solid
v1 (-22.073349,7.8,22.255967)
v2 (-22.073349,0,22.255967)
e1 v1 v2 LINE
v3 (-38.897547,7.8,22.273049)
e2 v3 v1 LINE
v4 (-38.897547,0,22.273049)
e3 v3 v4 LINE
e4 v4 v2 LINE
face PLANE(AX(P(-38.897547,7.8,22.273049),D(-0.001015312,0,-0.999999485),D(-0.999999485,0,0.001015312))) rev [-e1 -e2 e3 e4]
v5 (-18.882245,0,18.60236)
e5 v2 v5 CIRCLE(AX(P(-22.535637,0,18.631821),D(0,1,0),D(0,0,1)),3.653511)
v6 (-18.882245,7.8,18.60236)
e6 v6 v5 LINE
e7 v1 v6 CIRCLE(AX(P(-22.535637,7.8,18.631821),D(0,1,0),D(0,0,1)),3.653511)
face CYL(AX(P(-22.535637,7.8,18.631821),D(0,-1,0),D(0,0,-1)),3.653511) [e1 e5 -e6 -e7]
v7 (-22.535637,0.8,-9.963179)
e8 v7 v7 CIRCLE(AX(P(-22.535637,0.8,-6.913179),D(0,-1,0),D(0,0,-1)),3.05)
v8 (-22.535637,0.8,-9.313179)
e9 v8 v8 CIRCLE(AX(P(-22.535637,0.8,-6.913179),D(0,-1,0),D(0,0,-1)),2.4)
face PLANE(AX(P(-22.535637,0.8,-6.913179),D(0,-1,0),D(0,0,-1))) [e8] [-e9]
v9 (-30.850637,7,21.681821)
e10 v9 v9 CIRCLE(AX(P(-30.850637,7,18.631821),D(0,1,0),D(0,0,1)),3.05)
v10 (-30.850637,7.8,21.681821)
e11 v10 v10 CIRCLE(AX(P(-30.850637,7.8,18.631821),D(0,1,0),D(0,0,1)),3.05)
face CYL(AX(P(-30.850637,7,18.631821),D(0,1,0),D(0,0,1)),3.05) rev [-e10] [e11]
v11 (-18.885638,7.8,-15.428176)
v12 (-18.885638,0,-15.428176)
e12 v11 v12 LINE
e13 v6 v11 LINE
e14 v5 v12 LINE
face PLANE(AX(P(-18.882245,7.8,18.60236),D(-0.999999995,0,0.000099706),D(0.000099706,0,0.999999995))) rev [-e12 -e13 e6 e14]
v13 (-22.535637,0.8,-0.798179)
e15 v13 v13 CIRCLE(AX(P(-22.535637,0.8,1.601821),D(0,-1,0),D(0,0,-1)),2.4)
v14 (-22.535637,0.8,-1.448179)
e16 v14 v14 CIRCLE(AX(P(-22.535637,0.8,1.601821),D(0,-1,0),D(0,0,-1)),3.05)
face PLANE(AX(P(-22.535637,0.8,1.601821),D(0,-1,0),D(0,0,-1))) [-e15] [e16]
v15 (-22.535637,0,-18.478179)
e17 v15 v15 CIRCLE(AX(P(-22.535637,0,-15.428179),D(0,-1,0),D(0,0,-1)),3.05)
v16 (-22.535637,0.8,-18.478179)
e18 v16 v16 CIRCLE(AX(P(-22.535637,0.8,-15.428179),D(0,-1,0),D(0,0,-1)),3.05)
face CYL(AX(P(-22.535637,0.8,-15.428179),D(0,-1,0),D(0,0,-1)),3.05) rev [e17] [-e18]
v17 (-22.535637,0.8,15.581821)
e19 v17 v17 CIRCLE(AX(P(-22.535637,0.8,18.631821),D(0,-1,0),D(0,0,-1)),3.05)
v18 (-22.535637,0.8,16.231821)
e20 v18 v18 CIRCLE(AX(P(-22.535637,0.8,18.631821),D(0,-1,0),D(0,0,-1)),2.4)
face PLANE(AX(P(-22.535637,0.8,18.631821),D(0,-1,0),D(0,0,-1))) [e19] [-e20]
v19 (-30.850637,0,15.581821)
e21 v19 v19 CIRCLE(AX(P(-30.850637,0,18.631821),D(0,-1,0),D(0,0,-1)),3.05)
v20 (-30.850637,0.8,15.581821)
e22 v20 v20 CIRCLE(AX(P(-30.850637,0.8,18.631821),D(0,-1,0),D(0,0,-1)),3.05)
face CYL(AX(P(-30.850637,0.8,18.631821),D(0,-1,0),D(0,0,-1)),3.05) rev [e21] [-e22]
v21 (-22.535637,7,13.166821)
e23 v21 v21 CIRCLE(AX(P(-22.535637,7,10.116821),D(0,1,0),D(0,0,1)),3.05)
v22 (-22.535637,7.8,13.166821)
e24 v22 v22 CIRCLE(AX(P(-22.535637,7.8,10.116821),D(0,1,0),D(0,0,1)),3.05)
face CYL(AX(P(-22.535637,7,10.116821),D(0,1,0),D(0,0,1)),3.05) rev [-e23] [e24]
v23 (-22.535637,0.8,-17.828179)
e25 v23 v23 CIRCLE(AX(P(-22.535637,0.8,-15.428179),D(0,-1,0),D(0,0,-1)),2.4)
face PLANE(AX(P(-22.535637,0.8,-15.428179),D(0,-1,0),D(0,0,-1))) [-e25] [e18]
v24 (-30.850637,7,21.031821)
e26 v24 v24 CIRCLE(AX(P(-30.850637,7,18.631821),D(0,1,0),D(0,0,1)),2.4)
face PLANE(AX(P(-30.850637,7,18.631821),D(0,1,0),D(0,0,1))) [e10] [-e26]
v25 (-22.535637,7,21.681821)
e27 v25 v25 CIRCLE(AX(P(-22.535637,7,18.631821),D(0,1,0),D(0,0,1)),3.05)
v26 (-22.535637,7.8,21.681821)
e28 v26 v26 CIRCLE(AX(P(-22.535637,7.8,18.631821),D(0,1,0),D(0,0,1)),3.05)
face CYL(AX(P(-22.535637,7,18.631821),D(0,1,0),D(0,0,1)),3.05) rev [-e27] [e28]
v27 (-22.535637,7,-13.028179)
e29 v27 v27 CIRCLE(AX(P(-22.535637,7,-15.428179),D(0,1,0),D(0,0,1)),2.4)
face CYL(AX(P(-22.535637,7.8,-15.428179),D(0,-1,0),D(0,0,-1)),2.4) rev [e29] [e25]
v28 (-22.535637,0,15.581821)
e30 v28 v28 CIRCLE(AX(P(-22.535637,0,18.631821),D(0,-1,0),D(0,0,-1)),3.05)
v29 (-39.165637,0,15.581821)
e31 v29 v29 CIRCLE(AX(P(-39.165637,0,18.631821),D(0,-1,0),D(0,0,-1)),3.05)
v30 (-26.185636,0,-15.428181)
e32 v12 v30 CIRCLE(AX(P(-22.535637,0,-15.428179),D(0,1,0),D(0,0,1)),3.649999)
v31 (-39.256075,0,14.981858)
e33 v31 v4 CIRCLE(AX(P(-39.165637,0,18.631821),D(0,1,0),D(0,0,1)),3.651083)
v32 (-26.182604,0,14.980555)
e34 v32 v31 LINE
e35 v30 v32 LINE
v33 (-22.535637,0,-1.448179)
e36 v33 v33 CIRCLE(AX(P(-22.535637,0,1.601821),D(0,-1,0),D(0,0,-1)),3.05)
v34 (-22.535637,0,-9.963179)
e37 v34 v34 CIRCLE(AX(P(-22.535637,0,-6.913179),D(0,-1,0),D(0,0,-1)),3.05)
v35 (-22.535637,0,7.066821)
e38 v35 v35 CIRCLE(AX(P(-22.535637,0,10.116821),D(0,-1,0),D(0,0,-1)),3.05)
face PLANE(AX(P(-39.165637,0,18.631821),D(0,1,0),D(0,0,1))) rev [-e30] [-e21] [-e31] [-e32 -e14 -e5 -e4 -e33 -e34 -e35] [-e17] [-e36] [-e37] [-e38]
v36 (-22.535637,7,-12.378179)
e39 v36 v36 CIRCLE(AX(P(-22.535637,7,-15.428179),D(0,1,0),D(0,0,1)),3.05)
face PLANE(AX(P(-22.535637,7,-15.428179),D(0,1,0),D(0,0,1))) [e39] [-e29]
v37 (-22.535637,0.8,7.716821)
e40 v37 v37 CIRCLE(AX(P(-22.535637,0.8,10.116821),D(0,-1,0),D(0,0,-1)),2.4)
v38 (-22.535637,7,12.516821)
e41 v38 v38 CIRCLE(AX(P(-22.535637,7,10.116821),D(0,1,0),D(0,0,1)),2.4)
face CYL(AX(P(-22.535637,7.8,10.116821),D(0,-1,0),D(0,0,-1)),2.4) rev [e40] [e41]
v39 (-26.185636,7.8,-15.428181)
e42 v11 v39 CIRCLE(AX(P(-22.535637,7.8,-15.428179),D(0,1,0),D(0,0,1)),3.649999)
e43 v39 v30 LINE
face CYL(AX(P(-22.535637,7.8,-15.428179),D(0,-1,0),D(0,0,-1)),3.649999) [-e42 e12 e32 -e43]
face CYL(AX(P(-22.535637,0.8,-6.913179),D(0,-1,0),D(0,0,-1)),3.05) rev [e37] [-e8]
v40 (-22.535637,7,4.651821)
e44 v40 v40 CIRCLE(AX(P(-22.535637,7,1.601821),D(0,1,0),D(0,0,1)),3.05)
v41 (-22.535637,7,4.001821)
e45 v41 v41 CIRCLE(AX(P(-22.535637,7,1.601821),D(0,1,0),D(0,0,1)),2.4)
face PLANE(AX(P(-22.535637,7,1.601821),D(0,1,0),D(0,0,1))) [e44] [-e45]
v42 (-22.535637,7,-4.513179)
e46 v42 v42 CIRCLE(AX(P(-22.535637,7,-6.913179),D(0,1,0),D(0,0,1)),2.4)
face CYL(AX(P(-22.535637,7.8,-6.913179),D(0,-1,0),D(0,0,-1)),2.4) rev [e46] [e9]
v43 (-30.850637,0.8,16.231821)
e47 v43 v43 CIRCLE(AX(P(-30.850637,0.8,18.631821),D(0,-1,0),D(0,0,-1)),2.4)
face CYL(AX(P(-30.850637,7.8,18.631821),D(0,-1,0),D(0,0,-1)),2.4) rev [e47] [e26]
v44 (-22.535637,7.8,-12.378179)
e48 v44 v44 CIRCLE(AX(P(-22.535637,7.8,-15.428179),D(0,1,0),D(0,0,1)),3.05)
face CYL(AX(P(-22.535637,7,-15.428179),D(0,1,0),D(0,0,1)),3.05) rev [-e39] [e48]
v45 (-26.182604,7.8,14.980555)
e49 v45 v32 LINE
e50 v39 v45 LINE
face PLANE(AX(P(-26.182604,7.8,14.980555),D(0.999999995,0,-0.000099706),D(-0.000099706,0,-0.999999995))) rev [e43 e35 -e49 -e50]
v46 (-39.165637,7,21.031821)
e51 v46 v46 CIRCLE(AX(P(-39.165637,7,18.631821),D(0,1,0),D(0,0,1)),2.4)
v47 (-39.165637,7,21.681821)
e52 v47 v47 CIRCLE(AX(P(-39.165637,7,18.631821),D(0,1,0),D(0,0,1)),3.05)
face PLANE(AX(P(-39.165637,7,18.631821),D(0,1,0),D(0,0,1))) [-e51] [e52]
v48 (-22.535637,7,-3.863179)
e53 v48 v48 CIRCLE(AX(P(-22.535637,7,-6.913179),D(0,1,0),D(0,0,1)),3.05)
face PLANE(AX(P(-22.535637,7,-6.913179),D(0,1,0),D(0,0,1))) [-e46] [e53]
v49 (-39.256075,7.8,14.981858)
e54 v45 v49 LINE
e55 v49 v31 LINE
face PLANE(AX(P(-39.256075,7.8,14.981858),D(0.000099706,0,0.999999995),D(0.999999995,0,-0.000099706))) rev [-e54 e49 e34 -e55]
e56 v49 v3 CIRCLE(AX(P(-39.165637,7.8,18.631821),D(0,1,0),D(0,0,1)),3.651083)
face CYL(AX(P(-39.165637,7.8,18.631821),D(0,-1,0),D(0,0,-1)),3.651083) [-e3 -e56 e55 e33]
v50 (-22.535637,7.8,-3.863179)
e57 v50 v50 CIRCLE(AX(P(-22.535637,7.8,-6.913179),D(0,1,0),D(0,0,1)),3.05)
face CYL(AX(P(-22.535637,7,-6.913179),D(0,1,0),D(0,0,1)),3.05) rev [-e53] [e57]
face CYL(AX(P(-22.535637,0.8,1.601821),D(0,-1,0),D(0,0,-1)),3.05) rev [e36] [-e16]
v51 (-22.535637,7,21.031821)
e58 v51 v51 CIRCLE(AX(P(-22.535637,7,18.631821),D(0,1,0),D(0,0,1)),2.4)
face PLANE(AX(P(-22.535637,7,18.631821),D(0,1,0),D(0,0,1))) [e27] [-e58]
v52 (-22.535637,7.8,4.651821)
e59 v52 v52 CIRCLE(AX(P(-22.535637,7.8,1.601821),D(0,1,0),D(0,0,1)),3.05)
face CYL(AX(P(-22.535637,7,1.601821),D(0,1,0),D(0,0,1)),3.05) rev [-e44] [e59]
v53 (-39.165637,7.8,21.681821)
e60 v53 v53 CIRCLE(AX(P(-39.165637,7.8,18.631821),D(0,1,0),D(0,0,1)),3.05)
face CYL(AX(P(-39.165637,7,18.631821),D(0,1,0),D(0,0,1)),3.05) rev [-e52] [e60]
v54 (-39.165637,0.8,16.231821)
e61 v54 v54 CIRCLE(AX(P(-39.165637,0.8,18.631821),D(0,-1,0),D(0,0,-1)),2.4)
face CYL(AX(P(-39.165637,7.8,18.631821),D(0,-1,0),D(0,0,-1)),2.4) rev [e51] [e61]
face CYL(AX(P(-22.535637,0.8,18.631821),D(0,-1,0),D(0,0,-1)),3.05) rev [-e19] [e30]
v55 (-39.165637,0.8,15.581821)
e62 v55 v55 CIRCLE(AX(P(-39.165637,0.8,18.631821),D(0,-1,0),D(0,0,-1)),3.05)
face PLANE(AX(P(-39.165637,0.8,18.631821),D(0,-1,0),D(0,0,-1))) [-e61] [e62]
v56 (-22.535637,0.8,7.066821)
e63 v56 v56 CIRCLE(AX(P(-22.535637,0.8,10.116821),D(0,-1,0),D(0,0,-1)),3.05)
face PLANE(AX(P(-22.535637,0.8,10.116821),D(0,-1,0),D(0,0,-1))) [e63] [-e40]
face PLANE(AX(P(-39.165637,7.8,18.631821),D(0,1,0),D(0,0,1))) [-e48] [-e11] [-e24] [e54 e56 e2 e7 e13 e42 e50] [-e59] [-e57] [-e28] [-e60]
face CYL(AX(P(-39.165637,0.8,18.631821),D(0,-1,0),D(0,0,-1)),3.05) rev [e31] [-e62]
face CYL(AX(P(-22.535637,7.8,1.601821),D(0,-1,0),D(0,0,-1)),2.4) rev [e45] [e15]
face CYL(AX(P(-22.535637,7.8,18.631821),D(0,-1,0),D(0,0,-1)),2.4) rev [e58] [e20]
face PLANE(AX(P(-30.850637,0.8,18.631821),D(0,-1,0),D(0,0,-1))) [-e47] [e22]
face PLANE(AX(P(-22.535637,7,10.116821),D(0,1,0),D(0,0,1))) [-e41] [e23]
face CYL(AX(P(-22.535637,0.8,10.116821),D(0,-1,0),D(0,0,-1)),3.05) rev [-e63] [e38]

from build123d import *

# Parameters (mm, degrees)
SKETCH1_R           = 2.4
BOSS_EXTRUDE1_DEPTH = 7.8
SKETCH2_R           = 3.05
CUT_EXTRUDE1_DEPTH  = 0.8
SKETCH3_R           = 3.05
CUT_EXTRUDE2_DEPTH  = 0.8


with BuildPart() as part:
    # Sketch1 → Boss-Extrude1 (new body)
    with BuildSketch(Plane(origin=(0, 0, 0), x_dir=(1, 0, 0), z_dir=(0, 1, 0))):
        with BuildLine():
            Line((-39.256074834, -14.981858177), (-26.182604436, -14.980554672))
            Line((-26.182604436, -14.980554672), (-26.185636373, 15.428181457))
            ThreePointArc((-26.185636373, 15.428181457), (-22.535634636, 19.078177837), (-18.885638256, 15.428176099))
            Line((-18.885638256, 15.428176099), (-18.882245203, -18.602359628))
            ThreePointArc((-18.882245203, -18.602359628), (-19.783925456, -21.035198794), (-22.073348778, -22.255966806))
            Line((-22.073348778, -22.255966806), (-38.897547418, -22.273048621))
            ThreePointArc((-38.897547418, -22.273048621), (-42.812314517, -18.811138133), (-39.256074834, -14.981858177))
        make_face()
        with Locations((-39.165637315, -18.631821222)):
            Circle(SKETCH1_R, mode=Mode.SUBTRACT)
        with Locations((-30.850637315, -18.631821222)):
            Circle(SKETCH1_R, mode=Mode.SUBTRACT)
        with Locations((-22.535637315, -18.631821222)):
            Circle(SKETCH1_R, mode=Mode.SUBTRACT)
        with Locations((-22.535637315, 15.428178778)):
            Circle(SKETCH1_R, mode=Mode.SUBTRACT)
        with Locations((-22.535637315, 6.913178778)):
            Circle(SKETCH1_R, mode=Mode.SUBTRACT)
        with Locations((-22.535637315, -1.601821222)):
            Circle(SKETCH1_R, mode=Mode.SUBTRACT)
        with Locations((-22.535637315, -10.116821222)):
            Circle(SKETCH1_R, mode=Mode.SUBTRACT)
    extrude(amount=BOSS_EXTRUDE1_DEPTH)

    # Sketch2 → Cut-Extrude1 (cut)
    with BuildSketch(Plane(origin=(0, 7.8, 0), x_dir=(1, 0, 0), z_dir=(0, 1, 0))):
        with Locations((-39.165637315, -18.631821222)):
            Circle(SKETCH2_R)
        with Locations((-30.850637315, -18.631821222)):
            Circle(SKETCH2_R)
        with Locations((-22.535637315, -18.631821222)):
            Circle(SKETCH2_R)
        with Locations((-22.535637315, -10.116821222)):
            Circle(SKETCH2_R)
        with Locations((-22.535637315, -1.601821222)):
            Circle(SKETCH2_R)
        with Locations((-22.535637315, 6.913178778)):
            Circle(SKETCH2_R)
        with Locations((-22.535637315, 15.428178778)):
            Circle(SKETCH2_R)
    extrude(amount=-CUT_EXTRUDE1_DEPTH, mode=Mode.SUBTRACT)

    # Sketch3 → Cut-Extrude2 (cut)
    with BuildSketch(Plane.XZ):
        with Locations((-30.850637315, 18.631821222)):
            Circle(SKETCH3_R)
        with Locations((-39.165637315, 18.631821222)):
            Circle(SKETCH3_R)
        with Locations((-22.535637315, 18.631821222)):
            Circle(SKETCH3_R)
        with Locations((-22.535637315, 10.116821222)):
            Circle(SKETCH3_R)
        with Locations((-22.535637315, 1.601821222)):
            Circle(SKETCH3_R)
        with Locations((-22.535637315, -6.913178778)):
            Circle(SKETCH3_R)
        with Locations((-22.535637315, -15.428178778)):
            Circle(SKETCH3_R)
    extrude(amount=-CUT_EXTRUDE2_DEPTH, mode=Mode.SUBTRACT)


solid = part.part
